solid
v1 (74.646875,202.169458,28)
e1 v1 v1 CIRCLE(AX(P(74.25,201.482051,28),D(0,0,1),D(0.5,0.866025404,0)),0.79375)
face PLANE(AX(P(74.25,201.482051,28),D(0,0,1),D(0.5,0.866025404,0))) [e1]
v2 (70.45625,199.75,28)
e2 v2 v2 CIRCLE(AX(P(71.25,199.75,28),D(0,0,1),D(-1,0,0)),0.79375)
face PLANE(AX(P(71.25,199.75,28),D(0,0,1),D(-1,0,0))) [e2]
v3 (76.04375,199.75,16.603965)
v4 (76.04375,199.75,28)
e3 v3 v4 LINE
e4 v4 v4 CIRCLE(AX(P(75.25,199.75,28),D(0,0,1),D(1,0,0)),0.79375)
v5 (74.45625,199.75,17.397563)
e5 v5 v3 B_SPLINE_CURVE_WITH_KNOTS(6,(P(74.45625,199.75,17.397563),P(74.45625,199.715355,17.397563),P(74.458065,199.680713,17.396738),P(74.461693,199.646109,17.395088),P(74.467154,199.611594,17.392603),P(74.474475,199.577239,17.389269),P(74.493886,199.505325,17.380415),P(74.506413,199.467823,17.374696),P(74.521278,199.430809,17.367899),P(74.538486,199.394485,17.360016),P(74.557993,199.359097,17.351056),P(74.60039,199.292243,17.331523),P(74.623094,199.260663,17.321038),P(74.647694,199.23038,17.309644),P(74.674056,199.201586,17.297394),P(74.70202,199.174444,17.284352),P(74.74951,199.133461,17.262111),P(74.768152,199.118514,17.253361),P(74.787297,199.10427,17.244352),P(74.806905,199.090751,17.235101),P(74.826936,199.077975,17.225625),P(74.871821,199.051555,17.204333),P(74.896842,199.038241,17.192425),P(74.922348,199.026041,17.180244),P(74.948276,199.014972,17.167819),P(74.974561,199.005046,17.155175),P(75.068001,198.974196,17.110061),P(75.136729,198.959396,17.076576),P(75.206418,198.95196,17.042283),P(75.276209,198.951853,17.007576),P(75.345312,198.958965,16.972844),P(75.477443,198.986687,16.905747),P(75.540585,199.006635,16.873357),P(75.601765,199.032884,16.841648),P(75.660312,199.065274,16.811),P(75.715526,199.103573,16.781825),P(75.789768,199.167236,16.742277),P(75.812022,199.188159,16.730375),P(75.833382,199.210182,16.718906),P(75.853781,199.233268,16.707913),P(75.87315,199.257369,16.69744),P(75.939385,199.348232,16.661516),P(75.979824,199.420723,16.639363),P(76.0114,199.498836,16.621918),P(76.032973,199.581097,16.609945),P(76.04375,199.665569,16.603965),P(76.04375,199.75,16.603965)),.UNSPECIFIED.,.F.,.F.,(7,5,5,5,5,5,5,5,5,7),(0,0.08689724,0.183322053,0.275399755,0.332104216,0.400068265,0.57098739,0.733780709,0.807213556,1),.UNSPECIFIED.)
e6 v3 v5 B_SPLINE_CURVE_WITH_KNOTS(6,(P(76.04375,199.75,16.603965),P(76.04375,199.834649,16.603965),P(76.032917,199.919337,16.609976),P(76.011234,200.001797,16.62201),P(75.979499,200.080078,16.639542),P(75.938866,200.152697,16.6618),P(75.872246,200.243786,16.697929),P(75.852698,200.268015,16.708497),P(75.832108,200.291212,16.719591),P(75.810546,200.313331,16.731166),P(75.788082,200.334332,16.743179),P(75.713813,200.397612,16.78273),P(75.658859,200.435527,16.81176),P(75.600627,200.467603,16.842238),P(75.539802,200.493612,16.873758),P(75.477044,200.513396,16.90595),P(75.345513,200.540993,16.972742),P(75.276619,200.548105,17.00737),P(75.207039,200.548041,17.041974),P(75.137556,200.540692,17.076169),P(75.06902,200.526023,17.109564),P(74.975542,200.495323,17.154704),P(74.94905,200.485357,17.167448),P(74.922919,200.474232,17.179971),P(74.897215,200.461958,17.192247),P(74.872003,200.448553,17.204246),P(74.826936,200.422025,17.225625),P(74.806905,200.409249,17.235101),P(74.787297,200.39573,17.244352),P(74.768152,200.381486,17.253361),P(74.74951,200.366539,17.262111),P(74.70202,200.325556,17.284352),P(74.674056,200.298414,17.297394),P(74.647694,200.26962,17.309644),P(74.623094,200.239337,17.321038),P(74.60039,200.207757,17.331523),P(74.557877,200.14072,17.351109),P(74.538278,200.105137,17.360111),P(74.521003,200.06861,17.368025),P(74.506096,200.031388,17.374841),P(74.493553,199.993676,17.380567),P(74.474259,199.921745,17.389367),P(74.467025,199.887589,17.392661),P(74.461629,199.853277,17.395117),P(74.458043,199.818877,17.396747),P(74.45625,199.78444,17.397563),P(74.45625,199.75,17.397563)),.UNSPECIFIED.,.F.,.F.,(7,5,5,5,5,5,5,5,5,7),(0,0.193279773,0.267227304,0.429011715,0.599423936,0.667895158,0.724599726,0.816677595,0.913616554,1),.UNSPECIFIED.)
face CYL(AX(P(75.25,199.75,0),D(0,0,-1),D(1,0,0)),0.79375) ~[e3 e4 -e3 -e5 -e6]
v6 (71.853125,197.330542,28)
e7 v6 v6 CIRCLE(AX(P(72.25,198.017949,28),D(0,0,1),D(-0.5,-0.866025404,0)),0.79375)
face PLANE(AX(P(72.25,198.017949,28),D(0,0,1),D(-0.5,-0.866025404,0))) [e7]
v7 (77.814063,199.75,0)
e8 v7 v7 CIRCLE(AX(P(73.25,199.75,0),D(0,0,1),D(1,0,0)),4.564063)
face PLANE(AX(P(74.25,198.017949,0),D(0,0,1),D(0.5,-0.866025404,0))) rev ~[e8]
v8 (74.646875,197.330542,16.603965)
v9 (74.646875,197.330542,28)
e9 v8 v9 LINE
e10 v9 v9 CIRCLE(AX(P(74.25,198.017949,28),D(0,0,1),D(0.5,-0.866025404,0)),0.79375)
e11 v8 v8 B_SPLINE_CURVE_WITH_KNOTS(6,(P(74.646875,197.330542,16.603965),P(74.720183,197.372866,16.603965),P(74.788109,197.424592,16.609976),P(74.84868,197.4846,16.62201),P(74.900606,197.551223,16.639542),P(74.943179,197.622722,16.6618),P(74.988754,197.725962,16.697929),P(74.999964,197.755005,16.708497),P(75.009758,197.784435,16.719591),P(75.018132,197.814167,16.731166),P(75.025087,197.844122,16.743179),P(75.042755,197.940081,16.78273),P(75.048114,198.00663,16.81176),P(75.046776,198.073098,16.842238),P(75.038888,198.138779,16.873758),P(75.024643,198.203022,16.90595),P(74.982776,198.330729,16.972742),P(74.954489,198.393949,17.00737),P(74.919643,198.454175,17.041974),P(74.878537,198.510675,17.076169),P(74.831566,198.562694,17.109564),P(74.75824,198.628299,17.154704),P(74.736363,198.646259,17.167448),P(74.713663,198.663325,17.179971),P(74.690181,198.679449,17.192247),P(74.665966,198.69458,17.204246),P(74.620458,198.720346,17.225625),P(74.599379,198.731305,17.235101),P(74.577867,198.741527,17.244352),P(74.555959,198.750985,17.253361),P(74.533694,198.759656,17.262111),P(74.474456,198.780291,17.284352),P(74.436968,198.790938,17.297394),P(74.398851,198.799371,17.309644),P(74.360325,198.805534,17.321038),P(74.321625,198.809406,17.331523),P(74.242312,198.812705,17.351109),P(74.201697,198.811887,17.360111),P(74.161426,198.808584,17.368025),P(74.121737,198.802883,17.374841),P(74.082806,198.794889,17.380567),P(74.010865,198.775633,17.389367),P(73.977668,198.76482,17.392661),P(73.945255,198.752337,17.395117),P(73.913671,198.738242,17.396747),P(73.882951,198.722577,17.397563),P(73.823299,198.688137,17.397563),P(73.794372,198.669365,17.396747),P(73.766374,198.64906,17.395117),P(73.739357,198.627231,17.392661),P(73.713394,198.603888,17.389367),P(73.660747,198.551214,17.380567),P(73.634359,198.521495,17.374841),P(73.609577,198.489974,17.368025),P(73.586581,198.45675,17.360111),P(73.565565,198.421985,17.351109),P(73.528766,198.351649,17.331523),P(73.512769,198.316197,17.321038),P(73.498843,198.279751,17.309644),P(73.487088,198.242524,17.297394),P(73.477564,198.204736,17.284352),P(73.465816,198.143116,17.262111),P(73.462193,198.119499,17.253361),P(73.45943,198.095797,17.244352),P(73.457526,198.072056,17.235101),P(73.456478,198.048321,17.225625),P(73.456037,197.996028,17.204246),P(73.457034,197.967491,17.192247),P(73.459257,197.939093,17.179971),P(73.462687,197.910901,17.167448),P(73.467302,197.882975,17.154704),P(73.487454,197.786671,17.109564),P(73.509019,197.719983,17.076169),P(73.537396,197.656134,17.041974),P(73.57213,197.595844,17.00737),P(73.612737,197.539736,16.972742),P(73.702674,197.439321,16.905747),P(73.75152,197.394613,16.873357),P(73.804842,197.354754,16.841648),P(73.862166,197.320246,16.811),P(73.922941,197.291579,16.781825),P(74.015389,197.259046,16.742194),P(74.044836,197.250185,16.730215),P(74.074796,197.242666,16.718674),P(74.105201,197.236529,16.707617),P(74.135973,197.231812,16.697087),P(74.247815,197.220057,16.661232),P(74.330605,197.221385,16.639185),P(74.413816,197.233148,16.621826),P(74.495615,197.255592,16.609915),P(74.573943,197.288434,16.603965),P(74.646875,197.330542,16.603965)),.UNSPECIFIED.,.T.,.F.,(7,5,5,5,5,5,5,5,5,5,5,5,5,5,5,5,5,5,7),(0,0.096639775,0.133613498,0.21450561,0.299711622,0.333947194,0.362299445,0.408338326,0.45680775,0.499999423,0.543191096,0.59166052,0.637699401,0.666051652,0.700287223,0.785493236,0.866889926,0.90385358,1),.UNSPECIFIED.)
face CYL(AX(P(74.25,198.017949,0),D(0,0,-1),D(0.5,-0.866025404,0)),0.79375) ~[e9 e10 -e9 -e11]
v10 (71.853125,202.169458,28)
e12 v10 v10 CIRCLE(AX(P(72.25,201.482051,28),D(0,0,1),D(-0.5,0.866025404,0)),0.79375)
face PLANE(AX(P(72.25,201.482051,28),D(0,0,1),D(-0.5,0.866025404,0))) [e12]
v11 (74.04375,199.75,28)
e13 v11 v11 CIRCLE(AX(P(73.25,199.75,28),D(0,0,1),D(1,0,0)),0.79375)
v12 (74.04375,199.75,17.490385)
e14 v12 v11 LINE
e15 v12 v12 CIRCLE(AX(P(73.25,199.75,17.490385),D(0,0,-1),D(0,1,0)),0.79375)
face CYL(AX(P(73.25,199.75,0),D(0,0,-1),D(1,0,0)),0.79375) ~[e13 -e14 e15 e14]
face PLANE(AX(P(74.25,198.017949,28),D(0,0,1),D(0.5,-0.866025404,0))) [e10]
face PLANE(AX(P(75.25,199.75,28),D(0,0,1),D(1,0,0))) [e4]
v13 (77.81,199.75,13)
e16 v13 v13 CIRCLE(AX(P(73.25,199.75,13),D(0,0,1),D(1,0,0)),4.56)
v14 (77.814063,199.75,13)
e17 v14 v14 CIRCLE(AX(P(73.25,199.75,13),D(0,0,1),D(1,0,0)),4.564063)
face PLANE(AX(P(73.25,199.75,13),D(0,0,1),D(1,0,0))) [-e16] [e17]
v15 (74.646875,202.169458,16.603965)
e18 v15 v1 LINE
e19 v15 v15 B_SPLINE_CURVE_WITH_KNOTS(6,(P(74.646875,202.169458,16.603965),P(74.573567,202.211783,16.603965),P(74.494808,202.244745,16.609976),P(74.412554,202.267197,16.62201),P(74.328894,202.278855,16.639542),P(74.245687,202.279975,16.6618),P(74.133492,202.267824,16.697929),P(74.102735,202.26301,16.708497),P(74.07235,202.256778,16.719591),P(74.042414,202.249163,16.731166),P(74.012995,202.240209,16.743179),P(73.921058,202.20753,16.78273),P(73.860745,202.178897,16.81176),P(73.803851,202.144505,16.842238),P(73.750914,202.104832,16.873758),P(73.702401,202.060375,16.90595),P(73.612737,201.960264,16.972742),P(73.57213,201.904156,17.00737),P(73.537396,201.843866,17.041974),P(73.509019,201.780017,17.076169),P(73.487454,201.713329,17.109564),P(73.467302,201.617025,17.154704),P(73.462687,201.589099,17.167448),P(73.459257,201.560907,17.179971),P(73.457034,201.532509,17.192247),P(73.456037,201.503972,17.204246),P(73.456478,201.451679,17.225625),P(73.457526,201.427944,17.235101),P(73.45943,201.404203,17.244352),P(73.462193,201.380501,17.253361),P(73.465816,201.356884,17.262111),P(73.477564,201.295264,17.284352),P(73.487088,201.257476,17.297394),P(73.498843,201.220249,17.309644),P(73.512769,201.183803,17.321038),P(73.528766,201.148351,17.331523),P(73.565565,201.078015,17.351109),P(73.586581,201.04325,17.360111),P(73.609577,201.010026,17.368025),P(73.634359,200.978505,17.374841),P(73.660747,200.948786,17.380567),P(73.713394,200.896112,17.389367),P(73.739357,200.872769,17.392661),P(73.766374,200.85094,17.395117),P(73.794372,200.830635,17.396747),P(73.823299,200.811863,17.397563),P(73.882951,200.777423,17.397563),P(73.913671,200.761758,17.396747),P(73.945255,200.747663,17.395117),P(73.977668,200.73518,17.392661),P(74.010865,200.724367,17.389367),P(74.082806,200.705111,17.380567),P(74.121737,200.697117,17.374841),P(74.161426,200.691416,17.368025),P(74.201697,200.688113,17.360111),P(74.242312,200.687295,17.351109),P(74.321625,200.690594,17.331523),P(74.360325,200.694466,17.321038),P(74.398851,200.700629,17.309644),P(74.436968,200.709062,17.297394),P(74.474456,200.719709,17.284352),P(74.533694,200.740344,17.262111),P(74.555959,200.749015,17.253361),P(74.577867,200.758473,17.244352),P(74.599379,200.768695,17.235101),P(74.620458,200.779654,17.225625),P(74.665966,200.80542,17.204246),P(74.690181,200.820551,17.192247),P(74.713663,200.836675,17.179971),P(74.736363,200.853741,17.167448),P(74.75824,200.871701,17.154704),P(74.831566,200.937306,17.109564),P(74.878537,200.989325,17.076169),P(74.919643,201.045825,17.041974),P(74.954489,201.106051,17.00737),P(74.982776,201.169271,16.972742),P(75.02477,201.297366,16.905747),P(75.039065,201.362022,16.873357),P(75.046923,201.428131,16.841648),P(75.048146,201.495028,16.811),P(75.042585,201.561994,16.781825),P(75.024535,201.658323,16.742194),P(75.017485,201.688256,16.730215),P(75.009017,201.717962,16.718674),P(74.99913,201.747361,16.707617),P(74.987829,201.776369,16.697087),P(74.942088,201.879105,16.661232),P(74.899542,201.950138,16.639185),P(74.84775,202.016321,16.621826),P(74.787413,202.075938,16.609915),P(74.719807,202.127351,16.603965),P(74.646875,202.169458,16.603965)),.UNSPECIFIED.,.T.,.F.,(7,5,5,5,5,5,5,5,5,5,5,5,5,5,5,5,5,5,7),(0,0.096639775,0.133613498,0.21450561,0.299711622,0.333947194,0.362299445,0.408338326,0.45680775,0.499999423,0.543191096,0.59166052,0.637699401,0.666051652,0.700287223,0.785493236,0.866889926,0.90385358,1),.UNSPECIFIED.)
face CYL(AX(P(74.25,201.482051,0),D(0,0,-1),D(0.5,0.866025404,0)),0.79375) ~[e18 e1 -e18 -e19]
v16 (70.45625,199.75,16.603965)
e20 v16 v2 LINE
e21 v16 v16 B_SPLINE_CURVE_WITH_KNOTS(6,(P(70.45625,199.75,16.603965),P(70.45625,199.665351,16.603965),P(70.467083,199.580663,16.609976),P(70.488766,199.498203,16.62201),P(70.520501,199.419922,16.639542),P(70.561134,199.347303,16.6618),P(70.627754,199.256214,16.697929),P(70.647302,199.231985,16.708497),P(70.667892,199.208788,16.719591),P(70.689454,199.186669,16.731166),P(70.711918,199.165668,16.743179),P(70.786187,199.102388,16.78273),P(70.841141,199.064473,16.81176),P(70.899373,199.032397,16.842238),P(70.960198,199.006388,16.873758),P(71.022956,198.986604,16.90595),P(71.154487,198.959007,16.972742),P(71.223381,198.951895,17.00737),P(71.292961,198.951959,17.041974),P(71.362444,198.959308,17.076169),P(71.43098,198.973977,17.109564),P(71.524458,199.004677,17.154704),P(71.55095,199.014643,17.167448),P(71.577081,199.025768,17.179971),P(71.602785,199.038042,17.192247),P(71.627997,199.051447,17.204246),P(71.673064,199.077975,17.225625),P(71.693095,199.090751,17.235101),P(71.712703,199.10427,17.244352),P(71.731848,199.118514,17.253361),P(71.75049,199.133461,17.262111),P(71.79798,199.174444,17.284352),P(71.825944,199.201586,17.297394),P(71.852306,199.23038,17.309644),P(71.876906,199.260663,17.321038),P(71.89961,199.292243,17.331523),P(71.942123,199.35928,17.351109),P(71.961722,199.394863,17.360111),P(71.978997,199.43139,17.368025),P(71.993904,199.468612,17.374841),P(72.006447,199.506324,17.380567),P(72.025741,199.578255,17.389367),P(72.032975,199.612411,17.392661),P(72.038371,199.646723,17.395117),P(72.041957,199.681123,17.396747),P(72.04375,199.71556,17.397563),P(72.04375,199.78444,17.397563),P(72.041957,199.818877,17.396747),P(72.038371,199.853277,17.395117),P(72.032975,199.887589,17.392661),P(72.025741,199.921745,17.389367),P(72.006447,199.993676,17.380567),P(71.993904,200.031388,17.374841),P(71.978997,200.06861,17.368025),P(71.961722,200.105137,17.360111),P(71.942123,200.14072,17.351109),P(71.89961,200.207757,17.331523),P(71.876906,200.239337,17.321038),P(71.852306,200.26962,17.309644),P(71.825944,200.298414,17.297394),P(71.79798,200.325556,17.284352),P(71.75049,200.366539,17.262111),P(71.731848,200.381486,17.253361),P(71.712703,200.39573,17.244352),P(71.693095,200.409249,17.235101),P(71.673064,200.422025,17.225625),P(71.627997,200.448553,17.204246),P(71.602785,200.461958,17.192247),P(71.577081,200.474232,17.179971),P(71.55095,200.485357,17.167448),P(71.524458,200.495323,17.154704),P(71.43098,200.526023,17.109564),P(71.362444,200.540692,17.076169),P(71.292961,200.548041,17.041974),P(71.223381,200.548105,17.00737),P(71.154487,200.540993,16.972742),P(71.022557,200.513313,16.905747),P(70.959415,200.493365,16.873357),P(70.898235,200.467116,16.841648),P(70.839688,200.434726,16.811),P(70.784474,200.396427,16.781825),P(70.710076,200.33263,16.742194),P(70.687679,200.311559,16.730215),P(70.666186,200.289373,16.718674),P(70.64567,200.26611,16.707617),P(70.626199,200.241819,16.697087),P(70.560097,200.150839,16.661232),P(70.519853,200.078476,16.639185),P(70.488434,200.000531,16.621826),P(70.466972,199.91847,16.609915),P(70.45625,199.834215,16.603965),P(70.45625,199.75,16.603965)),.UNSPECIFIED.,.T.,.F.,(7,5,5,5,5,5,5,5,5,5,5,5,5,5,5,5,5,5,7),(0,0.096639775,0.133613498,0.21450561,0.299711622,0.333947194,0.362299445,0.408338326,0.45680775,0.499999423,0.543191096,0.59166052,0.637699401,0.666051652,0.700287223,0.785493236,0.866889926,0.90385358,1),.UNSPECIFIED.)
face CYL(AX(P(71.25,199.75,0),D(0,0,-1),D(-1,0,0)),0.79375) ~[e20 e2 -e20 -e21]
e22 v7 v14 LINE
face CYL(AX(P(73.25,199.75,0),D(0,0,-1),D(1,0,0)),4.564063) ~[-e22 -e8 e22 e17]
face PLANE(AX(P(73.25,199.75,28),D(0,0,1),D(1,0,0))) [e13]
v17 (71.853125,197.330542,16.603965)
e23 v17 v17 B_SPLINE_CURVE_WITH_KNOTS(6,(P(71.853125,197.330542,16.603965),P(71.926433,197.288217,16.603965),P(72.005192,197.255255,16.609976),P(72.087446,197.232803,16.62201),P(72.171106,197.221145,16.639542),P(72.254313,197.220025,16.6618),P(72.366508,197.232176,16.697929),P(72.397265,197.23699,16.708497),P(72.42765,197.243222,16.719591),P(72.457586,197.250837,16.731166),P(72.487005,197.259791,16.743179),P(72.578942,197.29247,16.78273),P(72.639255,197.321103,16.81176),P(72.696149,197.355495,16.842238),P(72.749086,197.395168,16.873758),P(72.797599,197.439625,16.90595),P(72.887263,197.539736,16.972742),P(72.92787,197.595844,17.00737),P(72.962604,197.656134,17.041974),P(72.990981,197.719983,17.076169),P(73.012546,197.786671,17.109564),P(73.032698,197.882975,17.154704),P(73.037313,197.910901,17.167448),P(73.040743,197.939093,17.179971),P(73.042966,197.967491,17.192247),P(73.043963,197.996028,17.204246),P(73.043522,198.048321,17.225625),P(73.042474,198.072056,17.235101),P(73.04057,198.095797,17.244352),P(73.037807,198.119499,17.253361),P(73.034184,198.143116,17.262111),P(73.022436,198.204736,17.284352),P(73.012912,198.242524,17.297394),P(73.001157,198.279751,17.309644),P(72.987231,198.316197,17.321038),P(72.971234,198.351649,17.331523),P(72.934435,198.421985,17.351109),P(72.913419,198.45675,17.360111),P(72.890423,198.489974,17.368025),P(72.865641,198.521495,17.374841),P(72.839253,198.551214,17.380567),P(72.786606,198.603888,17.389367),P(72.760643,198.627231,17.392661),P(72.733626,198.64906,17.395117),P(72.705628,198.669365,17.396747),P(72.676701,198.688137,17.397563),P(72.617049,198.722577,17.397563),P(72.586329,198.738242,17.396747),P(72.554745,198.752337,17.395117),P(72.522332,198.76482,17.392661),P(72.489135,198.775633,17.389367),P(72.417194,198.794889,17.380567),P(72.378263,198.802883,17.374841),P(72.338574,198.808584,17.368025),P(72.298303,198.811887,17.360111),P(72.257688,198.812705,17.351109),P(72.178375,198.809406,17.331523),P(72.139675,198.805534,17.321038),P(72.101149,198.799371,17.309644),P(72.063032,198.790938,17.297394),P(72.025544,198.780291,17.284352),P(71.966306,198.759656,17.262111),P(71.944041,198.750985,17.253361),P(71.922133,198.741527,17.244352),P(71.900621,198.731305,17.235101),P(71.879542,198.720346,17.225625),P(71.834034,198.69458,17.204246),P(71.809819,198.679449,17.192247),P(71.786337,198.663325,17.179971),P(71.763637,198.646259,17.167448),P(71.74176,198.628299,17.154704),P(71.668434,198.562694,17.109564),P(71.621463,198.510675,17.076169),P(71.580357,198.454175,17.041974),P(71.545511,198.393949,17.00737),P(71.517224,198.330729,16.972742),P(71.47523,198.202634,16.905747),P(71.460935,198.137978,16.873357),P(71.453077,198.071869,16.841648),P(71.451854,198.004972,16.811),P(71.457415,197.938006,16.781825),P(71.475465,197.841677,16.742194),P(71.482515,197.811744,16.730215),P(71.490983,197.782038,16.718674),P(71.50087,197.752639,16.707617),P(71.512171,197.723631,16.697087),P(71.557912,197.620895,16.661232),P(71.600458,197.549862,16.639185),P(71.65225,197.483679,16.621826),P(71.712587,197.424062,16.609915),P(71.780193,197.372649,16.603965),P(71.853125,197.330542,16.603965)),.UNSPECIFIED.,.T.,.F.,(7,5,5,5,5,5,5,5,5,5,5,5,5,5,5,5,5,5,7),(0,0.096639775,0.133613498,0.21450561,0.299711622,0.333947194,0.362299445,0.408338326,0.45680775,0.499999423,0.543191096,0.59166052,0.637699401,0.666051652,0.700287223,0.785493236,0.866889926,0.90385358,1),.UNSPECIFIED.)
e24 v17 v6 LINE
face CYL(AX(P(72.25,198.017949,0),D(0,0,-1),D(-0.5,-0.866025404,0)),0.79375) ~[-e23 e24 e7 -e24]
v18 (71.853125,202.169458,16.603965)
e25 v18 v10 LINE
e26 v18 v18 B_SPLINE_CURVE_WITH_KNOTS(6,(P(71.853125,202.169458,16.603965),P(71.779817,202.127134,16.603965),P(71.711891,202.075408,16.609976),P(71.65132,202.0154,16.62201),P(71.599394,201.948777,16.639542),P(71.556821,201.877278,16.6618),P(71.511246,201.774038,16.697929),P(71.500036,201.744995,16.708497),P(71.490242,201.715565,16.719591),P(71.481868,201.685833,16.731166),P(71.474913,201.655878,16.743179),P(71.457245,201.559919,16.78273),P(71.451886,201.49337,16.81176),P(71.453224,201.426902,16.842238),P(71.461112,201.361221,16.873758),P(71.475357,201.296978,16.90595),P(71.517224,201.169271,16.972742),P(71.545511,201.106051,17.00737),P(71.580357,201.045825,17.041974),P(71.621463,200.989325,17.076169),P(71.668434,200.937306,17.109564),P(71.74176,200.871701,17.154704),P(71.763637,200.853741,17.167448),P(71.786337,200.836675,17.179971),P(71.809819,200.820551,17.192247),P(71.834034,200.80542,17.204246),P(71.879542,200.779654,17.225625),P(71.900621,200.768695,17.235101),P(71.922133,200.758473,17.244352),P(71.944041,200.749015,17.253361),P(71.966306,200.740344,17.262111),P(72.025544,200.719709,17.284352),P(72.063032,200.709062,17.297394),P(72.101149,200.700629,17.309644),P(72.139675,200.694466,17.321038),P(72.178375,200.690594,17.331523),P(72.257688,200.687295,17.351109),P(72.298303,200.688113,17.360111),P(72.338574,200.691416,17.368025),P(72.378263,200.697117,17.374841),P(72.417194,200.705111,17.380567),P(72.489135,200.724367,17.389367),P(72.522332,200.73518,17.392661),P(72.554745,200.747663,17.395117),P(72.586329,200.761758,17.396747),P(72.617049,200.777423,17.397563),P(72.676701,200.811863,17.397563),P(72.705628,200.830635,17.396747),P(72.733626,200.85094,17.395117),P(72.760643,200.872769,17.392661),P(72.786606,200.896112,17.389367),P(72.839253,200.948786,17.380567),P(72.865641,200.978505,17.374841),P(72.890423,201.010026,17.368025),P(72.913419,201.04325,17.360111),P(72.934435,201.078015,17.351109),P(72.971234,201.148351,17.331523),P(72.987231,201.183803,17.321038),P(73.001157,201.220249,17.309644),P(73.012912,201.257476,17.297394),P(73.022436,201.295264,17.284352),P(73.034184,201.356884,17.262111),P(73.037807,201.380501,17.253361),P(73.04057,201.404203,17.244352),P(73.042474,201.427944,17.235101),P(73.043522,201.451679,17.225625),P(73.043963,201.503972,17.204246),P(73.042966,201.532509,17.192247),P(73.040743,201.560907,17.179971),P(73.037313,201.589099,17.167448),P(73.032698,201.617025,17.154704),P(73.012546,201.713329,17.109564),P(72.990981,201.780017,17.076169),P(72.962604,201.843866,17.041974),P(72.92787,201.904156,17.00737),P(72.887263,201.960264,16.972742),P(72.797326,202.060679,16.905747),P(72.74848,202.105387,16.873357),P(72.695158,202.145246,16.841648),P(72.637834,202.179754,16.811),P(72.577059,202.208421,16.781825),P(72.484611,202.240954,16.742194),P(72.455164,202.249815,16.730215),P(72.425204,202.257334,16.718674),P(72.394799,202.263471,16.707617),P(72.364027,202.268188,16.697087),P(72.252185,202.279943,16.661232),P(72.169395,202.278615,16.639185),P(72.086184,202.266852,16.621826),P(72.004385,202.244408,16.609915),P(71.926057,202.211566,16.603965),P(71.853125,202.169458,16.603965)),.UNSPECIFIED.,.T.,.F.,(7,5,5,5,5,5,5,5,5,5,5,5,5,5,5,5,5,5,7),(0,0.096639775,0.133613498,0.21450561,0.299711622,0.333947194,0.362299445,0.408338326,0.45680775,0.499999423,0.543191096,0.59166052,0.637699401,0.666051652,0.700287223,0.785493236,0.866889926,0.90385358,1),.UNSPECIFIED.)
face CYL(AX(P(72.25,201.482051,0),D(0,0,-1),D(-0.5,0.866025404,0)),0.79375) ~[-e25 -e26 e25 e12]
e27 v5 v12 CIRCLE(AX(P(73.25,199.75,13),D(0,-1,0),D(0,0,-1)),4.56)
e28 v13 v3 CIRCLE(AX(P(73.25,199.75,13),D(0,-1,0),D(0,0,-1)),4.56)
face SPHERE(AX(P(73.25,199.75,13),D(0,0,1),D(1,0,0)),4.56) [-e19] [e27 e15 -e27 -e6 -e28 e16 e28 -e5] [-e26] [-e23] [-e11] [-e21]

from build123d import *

# Parameters (mm, degrees)
CYLINDER059_R     = 0.79375
CYLINDER059_DEPTH = 28
ARRAY002_COUNT    = 6
CYLINDER060_R     = 0.79375
CYLINDER060_DEPTH = 28
CYLINDER058_R     = 4.564063
CYLINDER058_DEPTH = 13


with BuildPart() as array002:
    # Cylinder059 → Cylinder059 (new body)
    with BuildSketch(Plane(origin=(2, 0, 0), x_dir=(1, 0, 0), z_dir=(0, 0, 1))):
        Circle(CYLINDER059_R)
    extrude(amount=CYLINDER059_DEPTH)

    # Array002: Array002 ×6 about axis
    array002_axis = Axis((0, 0, 0), (0, 0, 1))


with BuildPart() as array002_1:
    add(array002.part)
    for i in range(1, ARRAY002_COUNT):
        add(array002.part.rotate(array002_axis, i * 360 / ARRAY002_COUNT))


with BuildPart() as wireft_holes001:
    # Cylinder060 → Cylinder060 (new body)
    with BuildSketch(Plane.XY):
        Circle(CYLINDER060_R)
    extrude(amount=CYLINDER060_DEPTH)

    # Fusion022: union Array002
    add(array002_1.part)


with BuildPart() as compression001:
    # Sphere001 → Sphere001 (revolve)
    with BuildSketch(Plane(origin=(0, 0, 13), x_dir=(1, 0, 0), z_dir=(0, -1, 0))):
        with BuildLine():
            ThreePointArc((0, -4.56), (4.56, 0), (0, 4.56))
            Line((0, 4.56), (0, -4.56))
        make_face()
    revolve(axis=Axis((0, 0, 13), (0, 0, 1)))


with BuildPart() as wireft004:
    # Cylinder058 → Cylinder058 (new body)
    with BuildSketch(Plane.XY):
        Circle(CYLINDER058_R)
    extrude(amount=CYLINDER058_DEPTH)

    # Fusion025: union WireFT_Holes001, Compression001
    add(wireft_holes001.part)
    add(compression001.part)


with BuildPart() as wireft004_1:
    # Fusion025 placement: moved
    add(wireft004.part.moved(Location((73.25, 199.75, 0))))


solid = wireft004_1.part
